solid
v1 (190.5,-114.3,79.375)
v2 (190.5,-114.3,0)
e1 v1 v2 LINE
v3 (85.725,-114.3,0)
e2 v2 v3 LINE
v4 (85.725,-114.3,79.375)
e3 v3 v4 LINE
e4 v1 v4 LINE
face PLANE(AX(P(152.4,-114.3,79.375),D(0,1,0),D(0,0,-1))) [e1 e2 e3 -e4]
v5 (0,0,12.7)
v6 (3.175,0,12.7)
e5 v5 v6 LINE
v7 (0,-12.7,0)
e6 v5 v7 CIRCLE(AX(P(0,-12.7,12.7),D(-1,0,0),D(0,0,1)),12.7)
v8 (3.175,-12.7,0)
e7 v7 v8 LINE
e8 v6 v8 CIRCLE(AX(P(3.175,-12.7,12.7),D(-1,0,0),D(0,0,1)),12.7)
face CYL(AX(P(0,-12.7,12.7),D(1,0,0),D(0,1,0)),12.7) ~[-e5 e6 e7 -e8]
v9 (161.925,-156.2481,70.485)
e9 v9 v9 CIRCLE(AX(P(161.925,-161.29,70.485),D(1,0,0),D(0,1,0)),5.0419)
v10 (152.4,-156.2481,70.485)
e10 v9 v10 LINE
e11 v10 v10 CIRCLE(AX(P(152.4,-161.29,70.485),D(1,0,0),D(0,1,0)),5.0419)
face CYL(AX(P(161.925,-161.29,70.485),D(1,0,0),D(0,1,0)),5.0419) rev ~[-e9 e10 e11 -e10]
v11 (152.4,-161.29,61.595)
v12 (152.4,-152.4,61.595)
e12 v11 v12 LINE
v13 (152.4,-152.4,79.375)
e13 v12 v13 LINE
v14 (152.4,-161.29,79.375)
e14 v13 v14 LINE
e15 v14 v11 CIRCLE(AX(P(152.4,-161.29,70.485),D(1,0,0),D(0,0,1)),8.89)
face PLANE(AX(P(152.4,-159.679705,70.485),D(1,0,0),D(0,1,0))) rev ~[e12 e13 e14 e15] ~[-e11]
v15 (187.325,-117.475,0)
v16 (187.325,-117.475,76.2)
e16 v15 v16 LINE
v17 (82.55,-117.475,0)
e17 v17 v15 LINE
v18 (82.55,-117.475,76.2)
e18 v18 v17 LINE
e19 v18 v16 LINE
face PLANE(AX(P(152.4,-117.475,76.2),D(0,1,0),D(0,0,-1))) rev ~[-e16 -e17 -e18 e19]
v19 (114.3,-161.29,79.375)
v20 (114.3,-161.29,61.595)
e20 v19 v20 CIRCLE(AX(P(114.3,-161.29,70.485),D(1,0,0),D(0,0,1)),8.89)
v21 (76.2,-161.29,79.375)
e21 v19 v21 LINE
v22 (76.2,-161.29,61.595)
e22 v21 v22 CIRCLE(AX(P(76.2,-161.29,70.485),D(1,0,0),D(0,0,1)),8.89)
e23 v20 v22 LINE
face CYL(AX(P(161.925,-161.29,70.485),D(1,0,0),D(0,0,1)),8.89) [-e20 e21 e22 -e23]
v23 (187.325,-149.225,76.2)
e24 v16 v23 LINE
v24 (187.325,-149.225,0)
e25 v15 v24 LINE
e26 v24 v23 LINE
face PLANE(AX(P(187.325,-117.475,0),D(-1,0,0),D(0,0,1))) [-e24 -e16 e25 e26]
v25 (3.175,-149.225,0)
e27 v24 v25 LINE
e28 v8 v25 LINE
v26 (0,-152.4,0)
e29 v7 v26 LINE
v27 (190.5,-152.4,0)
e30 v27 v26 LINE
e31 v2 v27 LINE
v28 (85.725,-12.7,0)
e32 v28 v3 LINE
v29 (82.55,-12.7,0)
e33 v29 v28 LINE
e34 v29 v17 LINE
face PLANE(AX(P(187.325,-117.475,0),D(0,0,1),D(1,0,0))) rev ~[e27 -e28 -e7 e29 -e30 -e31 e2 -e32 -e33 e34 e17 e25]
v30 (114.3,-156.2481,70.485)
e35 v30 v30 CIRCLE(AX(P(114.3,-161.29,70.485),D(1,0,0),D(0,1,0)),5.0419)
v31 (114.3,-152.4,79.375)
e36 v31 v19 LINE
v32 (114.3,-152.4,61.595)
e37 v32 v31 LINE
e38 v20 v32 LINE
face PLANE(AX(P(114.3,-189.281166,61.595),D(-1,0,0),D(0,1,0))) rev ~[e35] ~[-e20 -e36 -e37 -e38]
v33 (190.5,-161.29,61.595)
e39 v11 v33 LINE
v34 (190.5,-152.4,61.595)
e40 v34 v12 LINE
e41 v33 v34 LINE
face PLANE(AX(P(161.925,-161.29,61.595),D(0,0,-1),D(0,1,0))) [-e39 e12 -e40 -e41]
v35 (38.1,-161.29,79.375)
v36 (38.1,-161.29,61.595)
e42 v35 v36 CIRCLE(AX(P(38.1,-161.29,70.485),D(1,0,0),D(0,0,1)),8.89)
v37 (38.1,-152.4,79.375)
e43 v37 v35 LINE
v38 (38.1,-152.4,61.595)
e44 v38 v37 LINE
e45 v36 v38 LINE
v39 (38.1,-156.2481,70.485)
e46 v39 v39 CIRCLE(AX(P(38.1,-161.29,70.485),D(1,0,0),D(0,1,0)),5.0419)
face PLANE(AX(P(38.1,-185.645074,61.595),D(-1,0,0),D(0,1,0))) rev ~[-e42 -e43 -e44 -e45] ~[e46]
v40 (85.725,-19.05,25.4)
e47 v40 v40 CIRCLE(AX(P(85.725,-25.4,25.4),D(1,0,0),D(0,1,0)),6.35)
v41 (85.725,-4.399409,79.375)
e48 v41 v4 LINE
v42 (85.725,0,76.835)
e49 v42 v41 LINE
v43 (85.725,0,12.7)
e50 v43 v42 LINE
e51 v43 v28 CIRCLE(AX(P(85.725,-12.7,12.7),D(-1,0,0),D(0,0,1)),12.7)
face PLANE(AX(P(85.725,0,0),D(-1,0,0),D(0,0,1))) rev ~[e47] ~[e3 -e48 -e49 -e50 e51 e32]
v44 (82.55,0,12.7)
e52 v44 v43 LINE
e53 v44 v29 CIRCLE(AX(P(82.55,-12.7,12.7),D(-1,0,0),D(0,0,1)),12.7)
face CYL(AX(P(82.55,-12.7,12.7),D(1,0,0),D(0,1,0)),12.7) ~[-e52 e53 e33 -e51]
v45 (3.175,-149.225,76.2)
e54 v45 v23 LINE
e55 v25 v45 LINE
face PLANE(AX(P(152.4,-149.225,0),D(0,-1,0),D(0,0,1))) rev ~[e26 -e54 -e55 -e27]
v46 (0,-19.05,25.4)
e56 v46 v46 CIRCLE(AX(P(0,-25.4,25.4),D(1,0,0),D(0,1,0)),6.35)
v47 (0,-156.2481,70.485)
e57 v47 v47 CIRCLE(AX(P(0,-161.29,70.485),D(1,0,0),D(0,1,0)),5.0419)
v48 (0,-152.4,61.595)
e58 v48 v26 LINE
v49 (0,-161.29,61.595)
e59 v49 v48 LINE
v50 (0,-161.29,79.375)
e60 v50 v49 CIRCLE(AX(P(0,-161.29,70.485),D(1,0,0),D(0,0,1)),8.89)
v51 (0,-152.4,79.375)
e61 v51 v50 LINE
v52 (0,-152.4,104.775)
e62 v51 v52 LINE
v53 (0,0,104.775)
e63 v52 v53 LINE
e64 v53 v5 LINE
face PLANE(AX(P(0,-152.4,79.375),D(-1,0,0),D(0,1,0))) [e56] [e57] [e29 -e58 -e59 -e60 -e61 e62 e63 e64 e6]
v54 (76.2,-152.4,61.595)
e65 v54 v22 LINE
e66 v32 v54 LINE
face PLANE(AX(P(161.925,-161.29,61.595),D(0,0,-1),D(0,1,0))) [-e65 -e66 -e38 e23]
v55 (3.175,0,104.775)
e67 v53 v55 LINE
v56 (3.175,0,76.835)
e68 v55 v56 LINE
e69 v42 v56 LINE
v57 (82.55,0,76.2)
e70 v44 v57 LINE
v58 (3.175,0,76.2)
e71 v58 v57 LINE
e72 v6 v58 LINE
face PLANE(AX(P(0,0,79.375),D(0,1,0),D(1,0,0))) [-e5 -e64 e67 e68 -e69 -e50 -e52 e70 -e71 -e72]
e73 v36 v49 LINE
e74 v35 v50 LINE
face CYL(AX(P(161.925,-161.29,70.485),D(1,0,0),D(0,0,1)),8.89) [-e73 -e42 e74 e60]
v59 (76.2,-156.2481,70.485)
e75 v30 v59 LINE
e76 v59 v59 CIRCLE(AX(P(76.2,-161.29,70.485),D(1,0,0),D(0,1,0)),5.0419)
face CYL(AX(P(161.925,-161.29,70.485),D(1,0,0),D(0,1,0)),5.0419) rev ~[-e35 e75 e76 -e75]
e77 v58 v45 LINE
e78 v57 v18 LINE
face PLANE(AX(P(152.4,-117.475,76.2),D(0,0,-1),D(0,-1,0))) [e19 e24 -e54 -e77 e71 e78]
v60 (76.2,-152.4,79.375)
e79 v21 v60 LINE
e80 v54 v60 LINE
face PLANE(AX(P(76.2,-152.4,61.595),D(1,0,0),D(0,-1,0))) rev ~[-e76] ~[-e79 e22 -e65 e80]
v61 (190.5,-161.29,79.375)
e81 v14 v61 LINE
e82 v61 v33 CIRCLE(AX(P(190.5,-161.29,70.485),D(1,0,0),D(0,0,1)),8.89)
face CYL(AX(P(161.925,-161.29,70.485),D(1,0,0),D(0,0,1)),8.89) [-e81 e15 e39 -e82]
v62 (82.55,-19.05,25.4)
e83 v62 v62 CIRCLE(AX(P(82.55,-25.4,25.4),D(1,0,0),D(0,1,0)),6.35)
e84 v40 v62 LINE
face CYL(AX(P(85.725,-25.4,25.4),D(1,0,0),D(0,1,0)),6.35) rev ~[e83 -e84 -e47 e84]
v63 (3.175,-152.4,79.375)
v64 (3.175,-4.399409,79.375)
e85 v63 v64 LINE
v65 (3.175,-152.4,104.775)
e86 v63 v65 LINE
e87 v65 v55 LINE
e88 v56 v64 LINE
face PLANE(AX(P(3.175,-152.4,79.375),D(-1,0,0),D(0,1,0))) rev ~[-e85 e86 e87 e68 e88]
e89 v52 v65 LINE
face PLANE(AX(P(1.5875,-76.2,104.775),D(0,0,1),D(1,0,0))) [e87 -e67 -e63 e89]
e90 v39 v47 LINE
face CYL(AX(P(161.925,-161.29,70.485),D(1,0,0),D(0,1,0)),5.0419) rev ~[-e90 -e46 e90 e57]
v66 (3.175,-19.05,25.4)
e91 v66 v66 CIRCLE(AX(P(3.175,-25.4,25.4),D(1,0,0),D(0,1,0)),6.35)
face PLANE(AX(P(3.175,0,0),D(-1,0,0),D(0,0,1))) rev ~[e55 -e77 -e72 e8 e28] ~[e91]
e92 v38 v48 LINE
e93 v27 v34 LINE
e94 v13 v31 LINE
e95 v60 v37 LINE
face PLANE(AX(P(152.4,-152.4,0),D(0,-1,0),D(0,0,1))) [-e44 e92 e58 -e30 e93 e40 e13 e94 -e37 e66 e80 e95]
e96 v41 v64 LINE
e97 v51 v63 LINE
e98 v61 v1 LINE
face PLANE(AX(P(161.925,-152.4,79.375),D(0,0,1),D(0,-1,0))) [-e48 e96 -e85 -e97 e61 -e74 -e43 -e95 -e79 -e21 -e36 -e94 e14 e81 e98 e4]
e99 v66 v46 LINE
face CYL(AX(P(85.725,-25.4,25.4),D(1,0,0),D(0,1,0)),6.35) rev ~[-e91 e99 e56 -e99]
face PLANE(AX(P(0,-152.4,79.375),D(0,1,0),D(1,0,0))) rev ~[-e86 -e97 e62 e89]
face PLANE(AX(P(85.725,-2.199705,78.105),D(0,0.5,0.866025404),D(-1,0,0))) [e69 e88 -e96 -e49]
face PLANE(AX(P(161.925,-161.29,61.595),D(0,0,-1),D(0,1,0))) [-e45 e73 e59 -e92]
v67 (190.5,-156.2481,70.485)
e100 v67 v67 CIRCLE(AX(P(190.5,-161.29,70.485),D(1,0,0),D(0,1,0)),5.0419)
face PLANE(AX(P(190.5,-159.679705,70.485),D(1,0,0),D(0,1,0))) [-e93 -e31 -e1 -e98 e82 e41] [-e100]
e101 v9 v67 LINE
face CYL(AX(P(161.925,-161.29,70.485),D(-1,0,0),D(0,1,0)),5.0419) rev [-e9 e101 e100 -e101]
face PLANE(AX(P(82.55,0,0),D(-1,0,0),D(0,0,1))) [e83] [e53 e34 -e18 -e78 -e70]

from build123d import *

# Parameters (mm, degrees)
F0_W      = 3.175
F0_H      = 76.2
F0_H_2    = 3.175
F0_W_2    = 79.375
F1_DEPTH  = 152.4
F2_W      = 3.175
F2_H      = 76.2
F2_H_2    = 3.175
F2_W_2    = 31.75
F3_DEPTH  = 76.2
F4_W      = 3.175
F4_H      = 76.2
F5_DEPTH  = 79.375
F6_W      = 3.175
F6_H      = 76.2
F7_DEPTH  = 31.75
F8_R      = 5.0419
F9_DEPTH  = 161.925
F11_DEPTH = 17.781
F12_DEPTH = 61.596
F13_W     = 3.175
F13_H     = 152.4
F14_DEPTH = 25.4
F15_DEPTH = 25.4
F16_R     = 6.35
F17_DEPTH = 85.726
F18_R     = 12.7
F19_SIZE2 = 4.3994090512
F19_SIZE  = 2.54
F20_DEPTH = 38.1
F21_W     = 3.175
F21_H     = 76.2
F22_DEPTH = 31.75
F23_DEPTH = 28.575
F24_DEPTH = 9.525


with BuildPart() as f1:
    # F0 (on Front) → F1 (new body)
    with BuildSketch(Plane.XZ):
        with Locations((1.5875, 38.1)):
            Rectangle(F0_W, F0_H)
        with Locations((1.5875, 77.7875)):
            Rectangle(F0_W, F0_H_2)
        with Locations((42.8625, 77.7875)):
            Rectangle(F0_W_2, F0_H_2)
        with Locations((84.1375, 77.7875)):
            Rectangle(F0_W, F0_H_2)
        with Locations((84.1375, 38.1)):
            Rectangle(F0_W, F0_H)
    extrude(amount=F1_DEPTH)

    # F2 (on face) → F3 (join)
    with BuildSketch(Plane.YZ.offset(85.725)):
        with Locations((-150.8125, 38.1)):
            Rectangle(F2_W, F2_H)
        with Locations((-150.8125, 77.7875)):
            Rectangle(F2_W, F2_H_2)
        with Locations((-133.35, 77.7875)):
            Rectangle(F2_W_2, F2_H_2)
        with Locations((-115.8875, 38.1)):
            Rectangle(F2_W, F2_H)
        with Locations((-115.8875, 77.7875)):
            Rectangle(F2_W, F2_H_2)
    extrude(amount=F3_DEPTH)

    # F4 (on face) → F5 (join, through all)
    with BuildSketch(Plane.YZ.offset(3.175)):
        with Locations((-150.8125, 38.1)):
            Rectangle(F4_W, F4_H)
    extrude(amount=F5_DEPTH)

    # F6 (on face) → F7 (join, through all)
    with BuildSketch(Plane.XZ.offset(117.475)):
        with Locations((160.3375, 38.1)):
            Rectangle(F6_W, F6_H)
    extrude(amount=F7_DEPTH)

    # F8 (on face) → F9 (join, through all)
    with BuildSketch(Plane.YZ.offset(161.925)):
        with BuildLine():
            Line((-152.4, 79.375), (-161.29, 79.375))
            ThreePointArc((-161.29, 79.375), (-170.18, 70.485), (-161.29, 61.595))
            Line((-161.29, 61.595), (-152.4, 61.595))
            Line((-152.4, 61.595), (-152.4, 79.375))
        make_face()
        with Locations((-161.29, 70.485)):
            Circle(F8_R, mode=Mode.SUBTRACT)
    extrude(amount=-F9_DEPTH)

    # F10 (on face) → F11 (cut, through all)
    with BuildSketch(Plane(origin=(0, 0, 61.595), x_dir=(1, 0, 0), z_dir=(0, 0, -1))):
        Polygon((114.3, 152.4), (152.4, 152.4), (152.4, 171.5404093266), (152.4, 189.2811655998), (114.3, 189.2811655998), (114.3, 183.5609525442), align=None)
        Polygon((152.4, 171.5404093266), (152.4, 152.4), (152.4, 103.7641689181), (174.3682473898, 103.7641689181), (174.3682473898, 171.5404093266), align=None)
        Polygon((38.1, 152.4), (76.2, 152.4), (76.2, 183.5609525442), (76.2, 185.6450736523), (38.1, 185.6450736523), (38.1, 184.6726387739), align=None)
    extrude(amount=-F11_DEPTH, mode=Mode.SUBTRACT)

    # F12 (cut, through all): a face of the model
    f12_faces = [f1.faces().sort_by_distance(p)[0] for p in [
        (159.146875, -133.35, 61.595),
    ]]
    extrude(f12_faces, amount=-F12_DEPTH, mode=Mode.SUBTRACT)

    # F13 (on face) → F14 (join)
    with BuildSketch(Plane.XY.offset(79.375)):
        with Locations((1.5875, -76.2)):
            Rectangle(F13_W, F13_H)
    extrude(amount=F14_DEPTH)

    # F15 (cut): a face of the model
    f15_faces = [f1.faces().sort_by_distance(p)[0] for p in [
        (85.725, -133.35, 38.1),
    ]]
    extrude(f15_faces, amount=-F15_DEPTH, mode=Mode.SUBTRACT)

    # F16 (on face) → F17 (cut, through all)
    with BuildSketch(Plane.YZ.offset(85.725)):
        with Locations((-25.4, 25.4)):
            Circle(F16_R)
    extrude(amount=-F17_DEPTH, mode=Mode.SUBTRACT)

    # F18
    f18_edges = [f1.edges().sort_by_distance(p)[0] for p in [
        (84.1375, 0, 0),
        (1.5875, 0, 0),
    ]]
    fillet(f18_edges, radius=F18_R)

    # F19
    f19_edges = [f1.edges().sort_by_distance(p)[0] for p in [
        (44.45, 0, 79.375),
    ]]
    f19_side = f1.faces().sort_by_distance((1.916963, 0, 44.45))[0]
    chamfer(f19_edges, length=F19_SIZE, length2=F19_SIZE2, reference=f19_side)

    # F20 (add): a face of the model
    f20_faces = [f1.faces().sort_by_distance(p)[0] for p in [
        (152.4, -115.1804544636, 39.6875),
    ]]
    extrude(f20_faces, amount=F20_DEPTH)

    # F21 (on face) → F22 (join, through all)
    with BuildSketch(Plane.XZ.offset(117.475)):
        with Locations((188.9125, 38.1)):
            Rectangle(F21_W, F21_H)
    extrude(amount=F22_DEPTH)

    # F8 (on face) → F23 (join, through all)
    with BuildSketch(Plane.YZ.offset(161.925)):
        with BuildLine():
            Line((-152.4, 79.375), (-161.29, 79.375))
            ThreePointArc((-161.29, 79.375), (-170.18, 70.485), (-161.29, 61.595))
            Line((-161.29, 61.595), (-152.4, 61.595))
            Line((-152.4, 61.595), (-152.4, 79.375))
        make_face()
        with Locations((-161.29, 70.485)):
            Circle(F8_R, mode=Mode.SUBTRACT)
    extrude(amount=F23_DEPTH)

    # F24 (add): a face of the model
    f24_faces = [f1.faces().sort_by_distance(p)[0] for p in [
        (161.925, -156.845, 61.8464471714),
    ]]
    extrude(f24_faces, amount=F24_DEPTH)


solid = f1.part
